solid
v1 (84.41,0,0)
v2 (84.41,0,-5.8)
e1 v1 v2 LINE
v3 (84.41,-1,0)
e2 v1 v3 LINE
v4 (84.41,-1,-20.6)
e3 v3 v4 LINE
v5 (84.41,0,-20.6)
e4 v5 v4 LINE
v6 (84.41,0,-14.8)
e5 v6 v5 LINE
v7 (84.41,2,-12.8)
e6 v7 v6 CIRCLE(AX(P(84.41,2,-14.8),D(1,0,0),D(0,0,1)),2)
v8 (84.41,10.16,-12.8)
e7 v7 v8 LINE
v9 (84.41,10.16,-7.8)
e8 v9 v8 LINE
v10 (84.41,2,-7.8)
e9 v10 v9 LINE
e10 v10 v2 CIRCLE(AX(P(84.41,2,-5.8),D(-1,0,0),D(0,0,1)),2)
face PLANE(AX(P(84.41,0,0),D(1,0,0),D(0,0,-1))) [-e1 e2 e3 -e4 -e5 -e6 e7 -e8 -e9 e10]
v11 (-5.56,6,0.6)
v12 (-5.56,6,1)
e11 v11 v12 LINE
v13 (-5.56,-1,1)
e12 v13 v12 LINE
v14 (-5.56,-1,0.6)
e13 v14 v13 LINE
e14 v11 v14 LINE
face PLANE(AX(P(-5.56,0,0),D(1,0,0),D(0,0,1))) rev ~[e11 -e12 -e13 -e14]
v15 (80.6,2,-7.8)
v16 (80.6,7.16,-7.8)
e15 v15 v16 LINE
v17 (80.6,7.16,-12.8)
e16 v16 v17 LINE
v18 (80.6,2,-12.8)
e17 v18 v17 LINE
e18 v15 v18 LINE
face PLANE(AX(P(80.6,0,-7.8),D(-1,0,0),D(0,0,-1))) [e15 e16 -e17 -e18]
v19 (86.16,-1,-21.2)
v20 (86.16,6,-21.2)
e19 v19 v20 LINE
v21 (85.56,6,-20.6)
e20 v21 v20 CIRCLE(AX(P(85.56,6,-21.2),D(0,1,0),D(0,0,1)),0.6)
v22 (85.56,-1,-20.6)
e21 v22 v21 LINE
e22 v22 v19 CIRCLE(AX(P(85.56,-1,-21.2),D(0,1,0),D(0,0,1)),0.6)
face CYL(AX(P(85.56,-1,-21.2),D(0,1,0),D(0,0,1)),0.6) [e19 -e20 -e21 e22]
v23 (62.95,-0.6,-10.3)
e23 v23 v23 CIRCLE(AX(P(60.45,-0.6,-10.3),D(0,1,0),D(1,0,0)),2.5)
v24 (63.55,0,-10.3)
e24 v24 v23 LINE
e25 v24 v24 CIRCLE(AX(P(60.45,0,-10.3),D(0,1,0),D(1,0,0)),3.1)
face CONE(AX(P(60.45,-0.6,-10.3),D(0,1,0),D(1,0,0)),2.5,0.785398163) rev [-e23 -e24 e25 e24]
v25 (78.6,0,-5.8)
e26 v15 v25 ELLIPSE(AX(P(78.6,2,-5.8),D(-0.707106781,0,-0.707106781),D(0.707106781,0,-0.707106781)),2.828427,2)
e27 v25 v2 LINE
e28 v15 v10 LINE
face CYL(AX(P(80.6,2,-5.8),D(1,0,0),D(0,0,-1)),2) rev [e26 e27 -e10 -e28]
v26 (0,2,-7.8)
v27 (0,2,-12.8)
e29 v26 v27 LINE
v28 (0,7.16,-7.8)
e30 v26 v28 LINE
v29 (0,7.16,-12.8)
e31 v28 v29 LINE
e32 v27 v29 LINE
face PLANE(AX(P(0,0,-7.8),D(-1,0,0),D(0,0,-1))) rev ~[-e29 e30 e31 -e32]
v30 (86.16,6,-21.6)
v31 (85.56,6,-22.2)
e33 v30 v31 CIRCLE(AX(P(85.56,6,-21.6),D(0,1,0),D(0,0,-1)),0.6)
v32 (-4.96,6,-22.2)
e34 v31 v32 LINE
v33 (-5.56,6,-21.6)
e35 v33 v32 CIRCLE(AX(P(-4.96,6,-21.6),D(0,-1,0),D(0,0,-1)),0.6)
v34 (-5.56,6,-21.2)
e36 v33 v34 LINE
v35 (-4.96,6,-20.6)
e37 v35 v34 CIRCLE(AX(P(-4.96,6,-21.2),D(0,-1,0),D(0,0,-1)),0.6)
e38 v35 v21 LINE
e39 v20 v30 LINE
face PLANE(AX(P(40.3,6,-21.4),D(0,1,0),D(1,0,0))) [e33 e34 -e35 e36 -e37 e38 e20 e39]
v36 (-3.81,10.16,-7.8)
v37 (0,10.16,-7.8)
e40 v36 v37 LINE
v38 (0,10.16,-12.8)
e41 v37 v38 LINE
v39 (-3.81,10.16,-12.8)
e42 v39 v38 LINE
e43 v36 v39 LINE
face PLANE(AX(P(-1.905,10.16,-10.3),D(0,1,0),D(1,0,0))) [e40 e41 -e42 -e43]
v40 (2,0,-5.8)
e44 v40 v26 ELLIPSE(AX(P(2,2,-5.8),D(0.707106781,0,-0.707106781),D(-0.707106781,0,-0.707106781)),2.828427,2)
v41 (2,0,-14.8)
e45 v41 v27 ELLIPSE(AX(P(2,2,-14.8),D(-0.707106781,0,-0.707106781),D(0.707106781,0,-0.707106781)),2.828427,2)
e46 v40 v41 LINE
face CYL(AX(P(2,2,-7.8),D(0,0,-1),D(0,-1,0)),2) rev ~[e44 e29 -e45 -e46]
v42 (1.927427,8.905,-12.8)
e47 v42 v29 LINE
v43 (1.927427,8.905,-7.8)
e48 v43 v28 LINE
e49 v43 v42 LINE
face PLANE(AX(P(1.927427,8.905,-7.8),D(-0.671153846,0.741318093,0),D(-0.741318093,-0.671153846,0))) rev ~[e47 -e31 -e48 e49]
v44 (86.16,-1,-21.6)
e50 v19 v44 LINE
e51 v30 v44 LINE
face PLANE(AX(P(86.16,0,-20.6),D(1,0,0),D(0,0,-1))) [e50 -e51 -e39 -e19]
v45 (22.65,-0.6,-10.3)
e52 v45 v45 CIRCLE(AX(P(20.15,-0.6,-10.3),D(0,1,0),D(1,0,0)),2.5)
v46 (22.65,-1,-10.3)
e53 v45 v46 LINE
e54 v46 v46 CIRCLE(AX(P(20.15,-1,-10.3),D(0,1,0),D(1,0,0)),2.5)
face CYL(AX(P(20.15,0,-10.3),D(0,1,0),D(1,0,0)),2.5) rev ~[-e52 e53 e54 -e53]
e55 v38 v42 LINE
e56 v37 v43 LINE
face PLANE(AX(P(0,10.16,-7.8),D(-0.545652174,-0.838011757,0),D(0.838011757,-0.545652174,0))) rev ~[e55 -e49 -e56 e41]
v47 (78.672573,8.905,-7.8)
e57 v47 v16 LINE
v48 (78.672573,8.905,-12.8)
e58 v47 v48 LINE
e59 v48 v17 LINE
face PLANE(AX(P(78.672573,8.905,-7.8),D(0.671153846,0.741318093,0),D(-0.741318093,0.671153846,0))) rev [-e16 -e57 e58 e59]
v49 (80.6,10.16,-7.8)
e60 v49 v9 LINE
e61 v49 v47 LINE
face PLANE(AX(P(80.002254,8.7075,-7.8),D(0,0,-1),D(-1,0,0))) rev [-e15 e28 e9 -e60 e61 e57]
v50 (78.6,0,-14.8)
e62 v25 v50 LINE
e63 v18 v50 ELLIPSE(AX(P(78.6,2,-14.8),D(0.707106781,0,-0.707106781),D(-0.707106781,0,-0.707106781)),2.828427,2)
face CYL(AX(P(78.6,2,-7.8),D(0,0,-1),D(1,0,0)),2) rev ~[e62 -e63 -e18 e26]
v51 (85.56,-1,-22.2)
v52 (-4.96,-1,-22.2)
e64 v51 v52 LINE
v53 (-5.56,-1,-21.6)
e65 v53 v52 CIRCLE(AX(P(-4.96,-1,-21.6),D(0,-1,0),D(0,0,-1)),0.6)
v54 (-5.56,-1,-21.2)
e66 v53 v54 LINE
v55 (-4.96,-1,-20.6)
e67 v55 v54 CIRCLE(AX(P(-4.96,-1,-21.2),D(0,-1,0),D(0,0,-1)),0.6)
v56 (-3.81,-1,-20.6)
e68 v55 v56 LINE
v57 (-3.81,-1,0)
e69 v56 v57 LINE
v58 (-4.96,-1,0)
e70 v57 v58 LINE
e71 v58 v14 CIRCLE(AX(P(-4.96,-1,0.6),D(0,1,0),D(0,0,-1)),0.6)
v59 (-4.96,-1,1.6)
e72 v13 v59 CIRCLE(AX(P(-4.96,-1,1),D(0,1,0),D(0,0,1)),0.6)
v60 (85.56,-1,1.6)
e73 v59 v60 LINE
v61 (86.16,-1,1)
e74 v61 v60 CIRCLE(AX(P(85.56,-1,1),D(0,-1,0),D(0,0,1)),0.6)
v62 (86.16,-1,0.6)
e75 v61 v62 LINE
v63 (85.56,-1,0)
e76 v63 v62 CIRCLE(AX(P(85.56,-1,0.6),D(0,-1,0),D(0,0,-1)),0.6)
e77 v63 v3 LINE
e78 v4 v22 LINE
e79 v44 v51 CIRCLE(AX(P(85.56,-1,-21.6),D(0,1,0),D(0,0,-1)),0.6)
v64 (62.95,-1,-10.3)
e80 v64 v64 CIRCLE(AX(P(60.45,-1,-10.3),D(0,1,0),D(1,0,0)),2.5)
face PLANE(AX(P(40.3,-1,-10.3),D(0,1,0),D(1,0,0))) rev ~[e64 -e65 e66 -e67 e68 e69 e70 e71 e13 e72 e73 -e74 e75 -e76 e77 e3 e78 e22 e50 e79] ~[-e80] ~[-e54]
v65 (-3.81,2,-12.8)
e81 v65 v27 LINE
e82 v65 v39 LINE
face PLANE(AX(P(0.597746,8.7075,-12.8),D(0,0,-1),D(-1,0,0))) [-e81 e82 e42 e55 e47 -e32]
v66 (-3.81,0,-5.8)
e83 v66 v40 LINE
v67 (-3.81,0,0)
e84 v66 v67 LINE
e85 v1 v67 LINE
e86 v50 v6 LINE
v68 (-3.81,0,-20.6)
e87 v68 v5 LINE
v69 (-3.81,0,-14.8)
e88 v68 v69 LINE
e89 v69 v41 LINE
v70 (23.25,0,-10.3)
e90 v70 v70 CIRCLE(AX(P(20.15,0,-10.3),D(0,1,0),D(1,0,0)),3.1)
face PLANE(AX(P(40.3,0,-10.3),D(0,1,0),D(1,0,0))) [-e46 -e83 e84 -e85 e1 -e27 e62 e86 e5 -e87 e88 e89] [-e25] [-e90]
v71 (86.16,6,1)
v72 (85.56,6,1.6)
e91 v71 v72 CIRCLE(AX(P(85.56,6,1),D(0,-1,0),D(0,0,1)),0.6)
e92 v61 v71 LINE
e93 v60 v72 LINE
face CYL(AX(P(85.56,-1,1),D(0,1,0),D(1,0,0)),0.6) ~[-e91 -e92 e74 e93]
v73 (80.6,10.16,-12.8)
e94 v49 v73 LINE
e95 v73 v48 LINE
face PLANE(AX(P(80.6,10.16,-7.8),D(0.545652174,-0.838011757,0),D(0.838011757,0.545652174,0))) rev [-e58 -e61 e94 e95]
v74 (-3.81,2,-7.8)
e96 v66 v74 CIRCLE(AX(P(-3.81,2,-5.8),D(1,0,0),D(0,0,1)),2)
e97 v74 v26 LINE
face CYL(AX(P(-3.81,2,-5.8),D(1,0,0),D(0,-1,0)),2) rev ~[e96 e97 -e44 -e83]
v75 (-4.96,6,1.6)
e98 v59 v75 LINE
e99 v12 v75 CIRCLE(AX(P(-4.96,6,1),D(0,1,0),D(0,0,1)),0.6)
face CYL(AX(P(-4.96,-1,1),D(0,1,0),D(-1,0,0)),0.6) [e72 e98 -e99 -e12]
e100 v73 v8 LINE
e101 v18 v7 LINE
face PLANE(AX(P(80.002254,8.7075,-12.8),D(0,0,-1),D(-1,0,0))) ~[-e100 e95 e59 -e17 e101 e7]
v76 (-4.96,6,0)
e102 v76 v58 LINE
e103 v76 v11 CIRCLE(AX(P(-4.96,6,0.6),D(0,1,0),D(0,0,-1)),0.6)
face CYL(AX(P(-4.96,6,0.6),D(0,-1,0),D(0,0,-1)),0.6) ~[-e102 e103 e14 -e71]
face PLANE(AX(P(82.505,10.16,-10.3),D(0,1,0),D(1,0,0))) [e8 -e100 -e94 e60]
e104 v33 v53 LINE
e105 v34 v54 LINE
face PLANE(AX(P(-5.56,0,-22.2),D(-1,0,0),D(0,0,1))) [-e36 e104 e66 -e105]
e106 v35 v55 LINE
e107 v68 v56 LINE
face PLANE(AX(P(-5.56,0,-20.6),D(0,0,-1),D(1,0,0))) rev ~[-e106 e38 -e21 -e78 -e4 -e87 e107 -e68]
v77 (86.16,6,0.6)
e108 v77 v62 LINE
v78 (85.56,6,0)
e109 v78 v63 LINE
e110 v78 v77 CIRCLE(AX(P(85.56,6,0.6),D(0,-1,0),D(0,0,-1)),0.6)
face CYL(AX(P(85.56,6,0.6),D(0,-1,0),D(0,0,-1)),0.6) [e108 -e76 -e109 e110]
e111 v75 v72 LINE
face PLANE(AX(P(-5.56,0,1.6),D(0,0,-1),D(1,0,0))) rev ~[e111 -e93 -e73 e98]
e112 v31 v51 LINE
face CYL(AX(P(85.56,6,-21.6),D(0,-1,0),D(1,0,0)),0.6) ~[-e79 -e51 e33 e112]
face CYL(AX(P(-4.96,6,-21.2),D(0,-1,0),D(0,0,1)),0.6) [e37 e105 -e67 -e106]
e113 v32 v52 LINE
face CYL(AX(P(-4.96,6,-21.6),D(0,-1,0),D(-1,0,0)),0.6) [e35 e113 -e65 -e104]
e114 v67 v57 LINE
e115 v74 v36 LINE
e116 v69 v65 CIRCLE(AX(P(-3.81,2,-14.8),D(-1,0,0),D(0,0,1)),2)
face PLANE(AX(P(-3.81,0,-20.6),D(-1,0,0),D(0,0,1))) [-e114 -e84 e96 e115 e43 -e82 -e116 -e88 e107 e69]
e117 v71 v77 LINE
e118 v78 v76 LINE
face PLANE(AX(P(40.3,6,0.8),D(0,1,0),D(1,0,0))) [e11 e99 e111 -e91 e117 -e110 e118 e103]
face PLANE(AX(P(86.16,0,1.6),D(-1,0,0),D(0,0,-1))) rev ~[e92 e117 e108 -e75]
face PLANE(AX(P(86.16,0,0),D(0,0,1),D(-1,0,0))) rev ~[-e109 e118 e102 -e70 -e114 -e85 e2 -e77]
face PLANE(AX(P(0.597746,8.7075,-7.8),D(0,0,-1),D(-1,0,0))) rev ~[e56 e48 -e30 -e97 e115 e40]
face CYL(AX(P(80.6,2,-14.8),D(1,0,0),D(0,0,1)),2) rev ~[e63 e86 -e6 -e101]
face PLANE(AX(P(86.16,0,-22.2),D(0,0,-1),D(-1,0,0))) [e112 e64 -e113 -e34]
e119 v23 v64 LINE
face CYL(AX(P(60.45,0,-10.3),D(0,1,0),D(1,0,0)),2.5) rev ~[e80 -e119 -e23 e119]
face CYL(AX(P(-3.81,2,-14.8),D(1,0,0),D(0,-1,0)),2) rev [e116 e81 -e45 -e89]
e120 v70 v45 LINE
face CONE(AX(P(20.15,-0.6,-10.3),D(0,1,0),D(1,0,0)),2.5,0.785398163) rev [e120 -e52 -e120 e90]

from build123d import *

# Parameters (mm, degrees)
SKETCH1_R           = 2.5
BOSS_EXTRUDE1_DEPTH = 1
SKETCH1_3_W         = 3.81
SKETCH1_3_H         = 5
BOSS_EXTRUDE2_DEPTH = 10.16
BOSS_EXTRUDE3_DEPTH = 6
BOSS_EXTRUDE4_DEPTH = 5
FILLET2_R           = 2
CHAMFER1_SIZE       = 0.6
FILLET3_R           = 0.6


with BuildPart() as part:
    # Sketch1 → Boss-Extrude1 (new body)
    with BuildSketch(Plane(origin=(0, 0, 0), x_dir=(1, 0, 0), z_dir=(0, 1, 0))):
        Polygon((-3.81, 0), (-5.56, 0), (-5.56, -1.6), (86.16, -1.6), (86.16, 0), (84.41, 0), (84.41, 20.6), (86.16, 20.6), (86.16, 22.2), (-5.56, 22.2), (-5.56, 20.6), (-3.81, 20.6), align=None)
        with Locations((20.15, 10.3)):
            Circle(SKETCH1_R, mode=Mode.SUBTRACT)
        with Locations((60.45, 10.3)):
            Circle(SKETCH1_R, mode=Mode.SUBTRACT)
    extrude(amount=-BOSS_EXTRUDE1_DEPTH)

    # Sketch1<3> → Boss-Extrude2 (add)
    with BuildSketch(Plane(origin=(0, 0, 0), x_dir=(1, 0, 0), z_dir=(0, 1, 0))):
        with Locations((-1.905, 10.3)):
            Rectangle(SKETCH1_3_W, SKETCH1_3_H)
        with Locations((82.505, 10.3)):
            Rectangle(SKETCH1_3_W, SKETCH1_3_H)
    extrude(amount=BOSS_EXTRUDE2_DEPTH)

    # Sketch1<4> → Boss-Extrude3 (add)
    with BuildSketch(Plane(origin=(0, 0, 0), x_dir=(1, 0, 0), z_dir=(0, 1, 0))):
        Polygon((80.6, 0), (0, 0), (-3.81, 0), (-5.56, 0), (-5.56, -1.6), (86.16, -1.6), (86.16, 0), (84.41, 0), align=None)
        Polygon((-3.81, 20.6), (0, 20.6), (80.6, 20.6), (84.41, 20.6), (86.16, 20.6), (86.16, 22.2), (-5.56, 22.2), (-5.56, 20.6), align=None)
    extrude(amount=BOSS_EXTRUDE3_DEPTH)

    # Sketch2 → Boss-Extrude4 (add)
    with BuildSketch(Plane.XY.offset(-7.8)):
        Polygon((0, 10.16), (1.927427041, 8.905), (0, 7.16), align=None)
    boss_extrude4 = extrude(amount=-BOSS_EXTRUDE4_DEPTH)

    # Mirror1: Boss-Extrude4 across plane
    add(boss_extrude4.mirror(Plane(origin=(40.3, 0, 0), x_dir=(0, 0, 1), z_dir=(1, 0, 0))))

    # Fillet2
    fillet2_edges = [part.edges().sort_by_distance(p)[0] for p in [
        (0, 0, -10.3),
        (-1.905, 0, -12.8),
        (-1.905, 0, -7.8),
        (82.505, 0, -7.8),
        (80.6, 0, -10.3),
        (82.505, 0, -12.8),
    ]]
    fillet(fillet2_edges, radius=FILLET2_R)

    # Chamfer1
    chamfer1_edges = [part.edges().sort_by_distance(p)[0] for p in [
        (17.65, 0, -10.3),
        (57.95, 0, -10.3),
    ]]
    chamfer(chamfer1_edges, length=CHAMFER1_SIZE)

    # Fillet3
    fillet3_edges = [part.edges().sort_by_distance(p)[0] for p in [
        (-5.56, 2.5, -20.6),
        (-5.56, 2.5, -22.2),
        (86.16, 2.5, -22.2),
        (86.16, 2.5, -20.6),
        (86.16, 2.5, 0),
        (86.16, 2.5, 1.6),
        (-5.56, 2.5, 1.6),
        (-5.56, 2.5, 0),
    ]]
    fillet(fillet3_edges, radius=FILLET3_R)


solid = part.part
